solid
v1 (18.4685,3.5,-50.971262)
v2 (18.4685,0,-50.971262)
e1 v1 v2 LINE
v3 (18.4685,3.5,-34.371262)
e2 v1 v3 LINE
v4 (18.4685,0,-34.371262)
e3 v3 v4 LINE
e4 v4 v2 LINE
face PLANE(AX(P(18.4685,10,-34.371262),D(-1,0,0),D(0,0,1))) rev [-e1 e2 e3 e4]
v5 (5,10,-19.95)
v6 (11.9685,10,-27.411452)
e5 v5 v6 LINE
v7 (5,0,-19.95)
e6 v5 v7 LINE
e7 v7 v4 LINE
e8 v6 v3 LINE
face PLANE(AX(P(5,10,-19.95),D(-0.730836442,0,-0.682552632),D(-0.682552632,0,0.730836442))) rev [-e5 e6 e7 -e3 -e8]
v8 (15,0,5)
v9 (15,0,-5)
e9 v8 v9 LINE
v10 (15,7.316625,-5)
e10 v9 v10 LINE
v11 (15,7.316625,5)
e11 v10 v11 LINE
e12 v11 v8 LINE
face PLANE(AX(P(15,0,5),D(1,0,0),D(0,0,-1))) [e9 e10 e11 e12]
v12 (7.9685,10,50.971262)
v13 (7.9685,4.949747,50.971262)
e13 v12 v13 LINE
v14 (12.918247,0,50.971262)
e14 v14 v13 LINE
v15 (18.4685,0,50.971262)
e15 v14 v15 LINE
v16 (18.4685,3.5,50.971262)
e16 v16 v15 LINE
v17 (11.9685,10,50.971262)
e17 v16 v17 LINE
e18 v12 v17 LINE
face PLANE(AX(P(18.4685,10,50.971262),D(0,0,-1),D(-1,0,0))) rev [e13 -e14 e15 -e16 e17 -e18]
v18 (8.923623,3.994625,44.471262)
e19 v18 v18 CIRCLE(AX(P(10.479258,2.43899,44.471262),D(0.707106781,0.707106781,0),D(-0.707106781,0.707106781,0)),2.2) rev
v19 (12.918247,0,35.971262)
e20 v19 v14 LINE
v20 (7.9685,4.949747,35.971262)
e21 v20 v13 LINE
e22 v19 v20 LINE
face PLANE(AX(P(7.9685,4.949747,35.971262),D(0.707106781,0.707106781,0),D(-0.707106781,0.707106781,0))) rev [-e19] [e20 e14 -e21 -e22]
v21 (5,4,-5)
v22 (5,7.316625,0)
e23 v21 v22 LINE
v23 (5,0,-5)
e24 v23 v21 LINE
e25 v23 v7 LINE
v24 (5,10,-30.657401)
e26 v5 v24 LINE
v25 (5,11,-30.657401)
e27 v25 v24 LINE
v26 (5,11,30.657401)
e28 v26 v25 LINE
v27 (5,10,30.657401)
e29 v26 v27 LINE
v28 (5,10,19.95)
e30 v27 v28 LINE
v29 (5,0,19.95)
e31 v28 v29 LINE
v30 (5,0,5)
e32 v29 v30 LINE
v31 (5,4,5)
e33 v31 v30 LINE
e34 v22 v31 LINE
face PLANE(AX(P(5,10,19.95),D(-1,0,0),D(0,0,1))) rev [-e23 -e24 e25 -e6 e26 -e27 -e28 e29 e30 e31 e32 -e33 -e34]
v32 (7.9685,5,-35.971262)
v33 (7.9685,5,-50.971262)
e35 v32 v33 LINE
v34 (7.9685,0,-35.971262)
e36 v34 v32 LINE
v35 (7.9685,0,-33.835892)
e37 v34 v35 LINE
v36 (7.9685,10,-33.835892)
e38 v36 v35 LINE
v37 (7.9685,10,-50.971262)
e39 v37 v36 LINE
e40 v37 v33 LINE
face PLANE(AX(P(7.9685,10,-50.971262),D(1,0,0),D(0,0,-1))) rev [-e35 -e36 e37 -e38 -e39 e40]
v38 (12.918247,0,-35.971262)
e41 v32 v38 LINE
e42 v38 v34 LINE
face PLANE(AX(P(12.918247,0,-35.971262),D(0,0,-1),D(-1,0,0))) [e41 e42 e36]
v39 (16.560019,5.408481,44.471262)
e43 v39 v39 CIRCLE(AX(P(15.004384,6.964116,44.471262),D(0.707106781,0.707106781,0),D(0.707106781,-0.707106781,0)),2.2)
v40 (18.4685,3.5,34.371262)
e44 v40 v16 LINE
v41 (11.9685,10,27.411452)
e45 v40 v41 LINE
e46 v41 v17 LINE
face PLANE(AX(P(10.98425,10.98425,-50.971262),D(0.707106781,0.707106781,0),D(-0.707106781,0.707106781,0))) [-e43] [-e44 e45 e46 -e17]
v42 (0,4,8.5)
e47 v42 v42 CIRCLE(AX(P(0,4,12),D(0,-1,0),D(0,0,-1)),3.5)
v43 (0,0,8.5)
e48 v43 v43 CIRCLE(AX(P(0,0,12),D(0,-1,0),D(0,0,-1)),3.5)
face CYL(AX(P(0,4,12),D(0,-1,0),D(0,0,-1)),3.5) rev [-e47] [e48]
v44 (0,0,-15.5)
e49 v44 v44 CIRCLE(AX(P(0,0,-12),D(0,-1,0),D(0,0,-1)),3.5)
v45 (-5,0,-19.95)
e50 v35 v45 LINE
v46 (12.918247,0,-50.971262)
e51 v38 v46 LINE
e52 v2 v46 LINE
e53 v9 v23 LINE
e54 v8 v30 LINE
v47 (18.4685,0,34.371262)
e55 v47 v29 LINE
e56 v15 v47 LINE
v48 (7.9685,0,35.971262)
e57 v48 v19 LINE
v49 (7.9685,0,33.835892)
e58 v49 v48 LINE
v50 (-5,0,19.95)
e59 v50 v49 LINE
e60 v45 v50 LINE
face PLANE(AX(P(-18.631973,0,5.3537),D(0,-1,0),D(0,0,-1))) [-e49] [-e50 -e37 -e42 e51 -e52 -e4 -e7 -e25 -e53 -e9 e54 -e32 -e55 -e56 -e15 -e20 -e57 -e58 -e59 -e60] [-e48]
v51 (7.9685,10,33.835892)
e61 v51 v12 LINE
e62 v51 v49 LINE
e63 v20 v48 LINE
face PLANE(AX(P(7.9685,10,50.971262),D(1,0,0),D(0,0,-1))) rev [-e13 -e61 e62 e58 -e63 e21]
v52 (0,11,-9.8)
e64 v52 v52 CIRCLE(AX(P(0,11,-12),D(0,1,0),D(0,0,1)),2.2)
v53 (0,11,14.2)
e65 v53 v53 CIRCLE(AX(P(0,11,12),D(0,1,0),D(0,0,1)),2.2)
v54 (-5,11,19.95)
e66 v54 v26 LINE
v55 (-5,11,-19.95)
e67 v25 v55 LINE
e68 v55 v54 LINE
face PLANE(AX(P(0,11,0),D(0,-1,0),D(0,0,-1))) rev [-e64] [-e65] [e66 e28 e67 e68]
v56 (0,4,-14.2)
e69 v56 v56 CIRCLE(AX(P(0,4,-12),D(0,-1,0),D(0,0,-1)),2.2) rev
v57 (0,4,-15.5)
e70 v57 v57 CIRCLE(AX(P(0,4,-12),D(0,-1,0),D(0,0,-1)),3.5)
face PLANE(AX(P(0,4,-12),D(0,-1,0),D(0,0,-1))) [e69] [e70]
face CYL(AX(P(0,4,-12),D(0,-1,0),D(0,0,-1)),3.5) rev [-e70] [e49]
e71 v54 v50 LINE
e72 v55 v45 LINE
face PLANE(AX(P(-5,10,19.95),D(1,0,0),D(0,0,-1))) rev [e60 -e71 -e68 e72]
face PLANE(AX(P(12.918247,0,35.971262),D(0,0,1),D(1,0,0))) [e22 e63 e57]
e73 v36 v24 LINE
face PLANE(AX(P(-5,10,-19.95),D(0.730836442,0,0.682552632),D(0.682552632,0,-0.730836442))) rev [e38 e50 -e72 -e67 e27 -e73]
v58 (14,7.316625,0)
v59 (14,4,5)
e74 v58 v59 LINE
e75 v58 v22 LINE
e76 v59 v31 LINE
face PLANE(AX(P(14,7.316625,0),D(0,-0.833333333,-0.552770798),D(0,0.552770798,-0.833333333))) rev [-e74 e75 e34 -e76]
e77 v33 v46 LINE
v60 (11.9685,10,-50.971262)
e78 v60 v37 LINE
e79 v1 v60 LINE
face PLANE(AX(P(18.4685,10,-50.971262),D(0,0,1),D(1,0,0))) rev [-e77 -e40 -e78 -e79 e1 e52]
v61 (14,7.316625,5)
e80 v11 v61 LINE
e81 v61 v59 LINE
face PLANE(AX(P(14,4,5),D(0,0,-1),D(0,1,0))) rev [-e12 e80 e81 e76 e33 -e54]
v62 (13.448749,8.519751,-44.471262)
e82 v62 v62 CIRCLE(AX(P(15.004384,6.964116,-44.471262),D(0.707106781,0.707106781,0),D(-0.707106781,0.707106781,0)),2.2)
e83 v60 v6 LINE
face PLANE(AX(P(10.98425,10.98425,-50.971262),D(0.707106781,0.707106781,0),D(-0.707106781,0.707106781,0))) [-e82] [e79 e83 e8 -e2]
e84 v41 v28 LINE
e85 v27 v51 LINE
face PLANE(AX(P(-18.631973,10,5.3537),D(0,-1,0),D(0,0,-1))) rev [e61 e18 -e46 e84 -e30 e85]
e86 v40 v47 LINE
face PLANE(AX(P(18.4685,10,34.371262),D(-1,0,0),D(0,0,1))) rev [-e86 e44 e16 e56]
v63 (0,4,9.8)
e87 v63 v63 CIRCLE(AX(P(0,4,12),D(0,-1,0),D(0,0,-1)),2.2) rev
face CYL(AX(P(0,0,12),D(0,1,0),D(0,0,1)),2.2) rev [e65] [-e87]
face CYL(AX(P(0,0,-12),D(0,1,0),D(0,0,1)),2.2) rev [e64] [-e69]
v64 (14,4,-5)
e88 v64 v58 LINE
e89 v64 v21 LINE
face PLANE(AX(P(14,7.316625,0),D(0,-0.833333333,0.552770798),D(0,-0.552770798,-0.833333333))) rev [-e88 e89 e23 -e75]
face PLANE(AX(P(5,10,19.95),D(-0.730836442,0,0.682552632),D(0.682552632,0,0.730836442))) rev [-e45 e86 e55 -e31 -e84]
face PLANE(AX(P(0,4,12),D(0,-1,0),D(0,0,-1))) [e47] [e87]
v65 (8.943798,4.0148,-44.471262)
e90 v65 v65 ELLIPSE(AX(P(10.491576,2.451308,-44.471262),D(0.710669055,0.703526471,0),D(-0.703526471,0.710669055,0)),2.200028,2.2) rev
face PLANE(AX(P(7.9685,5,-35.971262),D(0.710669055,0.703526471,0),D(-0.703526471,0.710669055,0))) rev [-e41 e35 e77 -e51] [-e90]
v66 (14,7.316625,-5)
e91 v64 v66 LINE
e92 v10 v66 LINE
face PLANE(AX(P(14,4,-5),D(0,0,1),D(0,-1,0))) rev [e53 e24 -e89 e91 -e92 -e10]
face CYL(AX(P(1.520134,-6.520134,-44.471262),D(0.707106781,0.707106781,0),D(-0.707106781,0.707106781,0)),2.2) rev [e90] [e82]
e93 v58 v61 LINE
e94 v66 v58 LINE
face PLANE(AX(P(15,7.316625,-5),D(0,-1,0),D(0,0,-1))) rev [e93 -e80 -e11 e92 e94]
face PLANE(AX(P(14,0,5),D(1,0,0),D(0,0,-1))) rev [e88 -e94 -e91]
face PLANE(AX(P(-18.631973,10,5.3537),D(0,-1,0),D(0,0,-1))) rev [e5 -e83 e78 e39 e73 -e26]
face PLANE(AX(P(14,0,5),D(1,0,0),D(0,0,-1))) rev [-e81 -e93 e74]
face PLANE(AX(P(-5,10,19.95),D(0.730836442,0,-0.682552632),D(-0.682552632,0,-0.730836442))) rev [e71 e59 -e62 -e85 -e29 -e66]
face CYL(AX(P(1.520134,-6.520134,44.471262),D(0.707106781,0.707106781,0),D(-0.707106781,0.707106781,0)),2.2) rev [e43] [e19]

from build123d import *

# Parameters (mm, degrees)
BOSS_EXTRUDE1_DEPTH = 10
CUT_EXTRUDE1_DEPTH  = 102.942524855
SKETCH15_R          = 2.2
CUT_EXTRUDE5_DEPTH  = 20.069609228
CUT_EXTRUDE6_DEPTH  = 15
CUT_EXTRUDE7_DEPTH  = 15
BOSS_EXTRUDE2_DEPTH = 9
SKETCH21_W          = 10
SKETCH21_H          = 7.31662479
BOSS_EXTRUDE3_DEPTH = 1
SKETCH17_R          = 2.2
CUT_EXTRUDE8_DEPTH  = 11
SKETCH22_R          = 3.5
CUT_EXTRUDE9_DEPTH  = 4
SKETCH23_R          = 2.2
BOSS_EXTRUDE4_DEPTH = 1


with BuildPart() as part:
    # Sketch1 → Boss-Extrude1 (new body)
    with BuildSketch(Plane(origin=(0, 0, 0), x_dir=(1, 0, 0), z_dir=(0, 1, 0))):
        Polygon((-5, 19.95), (7.9685, 33.8358924), (7.9685, 50.971262428), (18.4685, 50.971262428), (18.4685, 34.371262428), (5, 19.95), (5, -19.95), (18.4685, -34.371262428), (18.4685, -50.971262428), (7.9685, -50.971262428), (7.9685, -33.8358924), (-5, -19.95), align=None)
    extrude(amount=BOSS_EXTRUDE1_DEPTH)

    # Sketch2 → Cut-Extrude1 (cut, through all)
    with BuildSketch(Plane.XY.offset(50.971262428)):
        Polygon((11.9685, 10), (18.4685, 3.5), (18.4685, 10), align=None)
    extrude(amount=-CUT_EXTRUDE1_DEPTH, mode=Mode.SUBTRACT)

    # Sketch15 → Cut-Extrude5 (cut, through all)
    with BuildSketch(Plane(origin=(10.98425, 10.98425, 0), x_dir=(0, 0, -1), z_dir=(0.707106781, 0.707106781, 0))):
        with Locations(Location((44.471262428, -5.685327854, 0), (0, 0, 90))):  # turned: the seam where the file's is
            Circle(SKETCH15_R)
        with Locations(Location((-44.471262428, -5.685327854, 0), (0, 0, 178.678239242))):  # turned: the seam where the file's is
            Circle(SKETCH15_R)
    extrude(amount=-CUT_EXTRUDE5_DEPTH, mode=Mode.SUBTRACT)

    # Sketch4 → Cut-Extrude6 (cut)
    with BuildSketch(Plane.XY.offset(50.971262428)):
        Polygon((7.9685, 4.949747468), (7.9685, 0), (12.918247468, 0), align=None)
    extrude(amount=-CUT_EXTRUDE6_DEPTH, mode=Mode.SUBTRACT)

    # Sketch18 → Cut-Extrude7 (cut)
    with BuildSketch(Plane(origin=(0, 0, -50.971262428), x_dir=(-1, 0, 0), z_dir=(0, 0, -1))):
        Polygon((-7.9685, 5), (-7.9685, 0), (-12.918247468, 0), align=None)
    extrude(amount=-CUT_EXTRUDE7_DEPTH, mode=Mode.SUBTRACT)

    # Sketch13 → Boss-Extrude2 (add)
    with BuildSketch(Plane(origin=(5, 0, 0), x_dir=(0, 0, -1), z_dir=(1, 0, 0))):
        Polygon((0, 7.31662479), (-5, 4), (-5, 0), (5, 0), (5, 4), align=None)
    extrude(amount=BOSS_EXTRUDE2_DEPTH)

    # Sketch21 → Boss-Extrude3 (add)
    with BuildSketch(Plane(origin=(14, 0, 0), x_dir=(0, 0, -1), z_dir=(1, 0, 0))):
        with Locations((0, 3.658312395)):
            Rectangle(SKETCH21_W, SKETCH21_H)
    extrude(amount=BOSS_EXTRUDE3_DEPTH)

    # Sketch17 → Cut-Extrude8 (cut, through all)
    with BuildSketch(Plane(origin=(0, 10, 0), x_dir=(1, 0, 0), z_dir=(0, 1, 0))):
        with Locations(Location((0, 12, 0), (0, 0, 270))):  # turned: the seam where the file's is
            Circle(SKETCH17_R)
        with Locations(Location((0, -12, 0), (0, 0, 270))):  # turned: the seam where the file's is
            Circle(SKETCH17_R)
    extrude(amount=-CUT_EXTRUDE8_DEPTH, mode=Mode.SUBTRACT)

    # Sketch22 → Cut-Extrude9 (cut)
    with BuildSketch(Plane.XZ):
        with Locations(Location((0, 12, 0), (0, 0, 270))):  # turned: the seam where the file's is
            Circle(SKETCH22_R)
        with Locations(Location((0, -12, 0), (0, 0, 270))):  # turned: the seam where the file's is
            Circle(SKETCH22_R)
    extrude(amount=-CUT_EXTRUDE9_DEPTH, mode=Mode.SUBTRACT)

    # Sketch23 → Boss-Extrude4 (add)
    with BuildSketch(Plane(origin=(0, 10, 0), x_dir=(1, 0, 0), z_dir=(0, 1, 0))):
        Polygon((5, -30.657400548), (5, 30.657400548), (-5, 19.95), (-5, -19.95), align=None)
        with Locations(Location((0, -12, 0), (0, 0, 270))):  # turned: the seam where the file's is
            Circle(SKETCH23_R, mode=Mode.SUBTRACT)
        with Locations(Location((0, 12, 0), (0, 0, 270))):  # turned: the seam where the file's is
            Circle(SKETCH23_R, mode=Mode.SUBTRACT)
    extrude(amount=BOSS_EXTRUDE4_DEPTH)


solid = part.part
